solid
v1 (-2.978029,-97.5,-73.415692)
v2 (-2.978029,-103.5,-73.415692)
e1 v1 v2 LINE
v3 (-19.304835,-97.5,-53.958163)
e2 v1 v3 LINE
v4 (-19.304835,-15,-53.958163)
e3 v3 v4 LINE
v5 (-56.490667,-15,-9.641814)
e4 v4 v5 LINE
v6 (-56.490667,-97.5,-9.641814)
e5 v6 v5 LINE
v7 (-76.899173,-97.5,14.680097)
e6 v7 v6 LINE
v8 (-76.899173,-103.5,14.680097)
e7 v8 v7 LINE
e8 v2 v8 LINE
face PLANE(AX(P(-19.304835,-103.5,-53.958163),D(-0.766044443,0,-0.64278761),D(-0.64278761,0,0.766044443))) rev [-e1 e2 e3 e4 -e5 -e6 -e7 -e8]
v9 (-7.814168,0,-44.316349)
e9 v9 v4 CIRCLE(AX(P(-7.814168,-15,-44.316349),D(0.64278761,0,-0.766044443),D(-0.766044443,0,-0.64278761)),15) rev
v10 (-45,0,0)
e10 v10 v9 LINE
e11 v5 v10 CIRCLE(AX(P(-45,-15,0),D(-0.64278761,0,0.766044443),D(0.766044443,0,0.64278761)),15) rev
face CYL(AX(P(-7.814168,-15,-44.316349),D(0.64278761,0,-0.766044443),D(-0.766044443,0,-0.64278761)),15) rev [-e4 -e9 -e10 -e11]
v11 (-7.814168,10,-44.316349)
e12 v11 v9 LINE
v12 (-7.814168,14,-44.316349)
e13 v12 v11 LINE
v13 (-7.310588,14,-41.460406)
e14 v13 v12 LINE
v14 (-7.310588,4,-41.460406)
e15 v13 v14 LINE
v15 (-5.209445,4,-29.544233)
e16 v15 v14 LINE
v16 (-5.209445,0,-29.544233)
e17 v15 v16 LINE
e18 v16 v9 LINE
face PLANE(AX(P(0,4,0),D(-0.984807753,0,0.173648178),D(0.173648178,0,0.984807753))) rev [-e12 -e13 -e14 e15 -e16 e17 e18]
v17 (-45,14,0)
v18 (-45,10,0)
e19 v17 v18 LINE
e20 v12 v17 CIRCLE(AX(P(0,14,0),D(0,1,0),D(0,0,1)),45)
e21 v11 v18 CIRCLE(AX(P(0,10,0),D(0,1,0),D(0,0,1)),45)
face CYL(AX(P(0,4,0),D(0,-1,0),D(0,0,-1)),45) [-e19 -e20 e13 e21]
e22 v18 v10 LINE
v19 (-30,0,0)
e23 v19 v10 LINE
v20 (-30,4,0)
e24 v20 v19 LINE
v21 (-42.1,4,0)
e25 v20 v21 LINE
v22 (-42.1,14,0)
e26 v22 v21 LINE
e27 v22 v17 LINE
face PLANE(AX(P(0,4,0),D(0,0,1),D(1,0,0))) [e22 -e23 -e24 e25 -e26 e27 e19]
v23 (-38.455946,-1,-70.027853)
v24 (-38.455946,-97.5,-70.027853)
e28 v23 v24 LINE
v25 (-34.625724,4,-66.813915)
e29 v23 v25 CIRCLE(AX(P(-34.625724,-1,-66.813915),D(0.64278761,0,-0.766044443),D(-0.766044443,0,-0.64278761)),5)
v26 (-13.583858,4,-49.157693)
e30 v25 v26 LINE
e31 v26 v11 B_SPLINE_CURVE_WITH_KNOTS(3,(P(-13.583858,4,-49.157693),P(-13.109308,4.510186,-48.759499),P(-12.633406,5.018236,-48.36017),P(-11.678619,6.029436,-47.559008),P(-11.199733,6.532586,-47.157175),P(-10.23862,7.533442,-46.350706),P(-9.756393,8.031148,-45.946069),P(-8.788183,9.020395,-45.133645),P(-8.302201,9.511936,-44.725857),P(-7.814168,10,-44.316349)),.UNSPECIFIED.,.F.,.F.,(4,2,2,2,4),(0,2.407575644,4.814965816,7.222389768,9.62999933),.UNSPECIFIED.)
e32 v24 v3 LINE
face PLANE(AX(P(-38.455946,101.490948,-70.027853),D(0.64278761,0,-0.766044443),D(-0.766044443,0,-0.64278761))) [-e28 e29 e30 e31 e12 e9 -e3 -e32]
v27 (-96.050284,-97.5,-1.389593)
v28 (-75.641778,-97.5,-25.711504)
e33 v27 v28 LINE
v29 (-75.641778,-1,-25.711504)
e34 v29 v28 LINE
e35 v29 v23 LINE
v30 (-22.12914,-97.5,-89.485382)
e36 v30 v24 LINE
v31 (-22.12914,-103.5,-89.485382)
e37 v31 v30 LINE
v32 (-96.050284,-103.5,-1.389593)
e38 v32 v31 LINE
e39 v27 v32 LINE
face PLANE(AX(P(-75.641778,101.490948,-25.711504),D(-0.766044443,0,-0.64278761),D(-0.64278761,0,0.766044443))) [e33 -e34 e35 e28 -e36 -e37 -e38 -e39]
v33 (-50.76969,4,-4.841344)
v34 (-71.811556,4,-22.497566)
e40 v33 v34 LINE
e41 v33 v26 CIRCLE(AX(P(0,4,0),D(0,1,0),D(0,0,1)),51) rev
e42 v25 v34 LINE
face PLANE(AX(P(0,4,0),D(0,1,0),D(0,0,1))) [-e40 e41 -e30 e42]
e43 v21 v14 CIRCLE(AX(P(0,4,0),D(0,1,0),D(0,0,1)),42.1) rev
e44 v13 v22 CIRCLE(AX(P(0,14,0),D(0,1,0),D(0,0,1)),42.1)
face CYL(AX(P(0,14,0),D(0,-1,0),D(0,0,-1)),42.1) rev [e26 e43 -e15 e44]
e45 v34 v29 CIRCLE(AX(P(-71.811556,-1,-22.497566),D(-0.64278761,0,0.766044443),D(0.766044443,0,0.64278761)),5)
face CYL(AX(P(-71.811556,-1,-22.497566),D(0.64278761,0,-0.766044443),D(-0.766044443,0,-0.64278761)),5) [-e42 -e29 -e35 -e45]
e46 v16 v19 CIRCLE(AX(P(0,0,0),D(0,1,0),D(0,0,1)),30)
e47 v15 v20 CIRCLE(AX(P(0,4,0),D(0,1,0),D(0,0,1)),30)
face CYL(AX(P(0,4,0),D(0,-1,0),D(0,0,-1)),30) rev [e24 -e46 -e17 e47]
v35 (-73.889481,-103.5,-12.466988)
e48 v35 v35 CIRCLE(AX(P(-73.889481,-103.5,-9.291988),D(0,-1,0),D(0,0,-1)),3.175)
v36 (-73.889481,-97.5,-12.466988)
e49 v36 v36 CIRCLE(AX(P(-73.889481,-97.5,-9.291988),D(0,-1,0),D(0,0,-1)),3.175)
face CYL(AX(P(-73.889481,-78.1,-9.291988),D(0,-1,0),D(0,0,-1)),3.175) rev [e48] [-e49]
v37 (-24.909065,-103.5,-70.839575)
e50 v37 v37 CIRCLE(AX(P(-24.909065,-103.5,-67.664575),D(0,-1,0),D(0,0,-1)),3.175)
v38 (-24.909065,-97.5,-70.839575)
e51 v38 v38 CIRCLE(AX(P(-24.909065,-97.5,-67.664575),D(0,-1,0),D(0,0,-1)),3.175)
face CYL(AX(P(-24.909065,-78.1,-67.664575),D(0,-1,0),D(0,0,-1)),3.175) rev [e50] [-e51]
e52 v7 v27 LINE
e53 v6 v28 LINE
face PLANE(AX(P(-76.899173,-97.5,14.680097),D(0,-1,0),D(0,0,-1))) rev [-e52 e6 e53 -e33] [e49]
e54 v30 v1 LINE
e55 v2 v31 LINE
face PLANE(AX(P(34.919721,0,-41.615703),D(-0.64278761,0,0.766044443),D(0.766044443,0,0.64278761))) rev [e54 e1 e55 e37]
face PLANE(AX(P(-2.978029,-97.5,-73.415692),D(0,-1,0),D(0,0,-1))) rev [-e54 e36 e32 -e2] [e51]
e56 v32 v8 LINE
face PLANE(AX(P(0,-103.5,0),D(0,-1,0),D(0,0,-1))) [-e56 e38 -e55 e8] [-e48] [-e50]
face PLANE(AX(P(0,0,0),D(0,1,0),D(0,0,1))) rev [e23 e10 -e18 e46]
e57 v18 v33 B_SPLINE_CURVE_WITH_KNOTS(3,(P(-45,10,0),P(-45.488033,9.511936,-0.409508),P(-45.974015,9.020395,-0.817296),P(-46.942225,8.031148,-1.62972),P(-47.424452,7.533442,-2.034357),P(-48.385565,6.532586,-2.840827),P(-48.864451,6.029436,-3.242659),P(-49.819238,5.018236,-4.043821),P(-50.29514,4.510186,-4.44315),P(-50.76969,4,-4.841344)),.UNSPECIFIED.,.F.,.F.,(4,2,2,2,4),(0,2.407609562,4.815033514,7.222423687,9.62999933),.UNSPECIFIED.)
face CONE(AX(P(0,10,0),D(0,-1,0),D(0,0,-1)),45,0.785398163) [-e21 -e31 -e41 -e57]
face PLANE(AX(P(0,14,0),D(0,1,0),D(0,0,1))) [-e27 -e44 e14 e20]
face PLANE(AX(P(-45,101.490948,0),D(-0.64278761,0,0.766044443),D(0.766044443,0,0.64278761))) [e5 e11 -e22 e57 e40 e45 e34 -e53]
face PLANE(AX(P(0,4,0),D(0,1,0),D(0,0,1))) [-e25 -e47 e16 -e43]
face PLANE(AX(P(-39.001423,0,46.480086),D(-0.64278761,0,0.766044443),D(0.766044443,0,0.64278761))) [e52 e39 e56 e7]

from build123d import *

# Parameters (mm, degrees)
BOSS_EXTRUDE1_DEPTH = 4
BOSS_EXTRUDE2_DEPTH = 14
BOSS_EXTRUDE3_DEPTH = 4
BOSS_EXTRUDE4_DEPTH = 103.5
FILLET1_R           = 15
FILLET2_R           = 5
CHAMFER1_SIZE       = 6
SKETCH6_W           = 25
SKETCH6_H           = 6
BOSS_EXTRUDE5_DEPTH = 25.4
SKETCH7_W           = 25
SKETCH7_H           = 6
BOSS_EXTRUDE6_DEPTH = 31.75
SKETCH8_R           = 2.5527
CUT_EXTRUDE1_DEPTH  = 25.4
SKETCH9_R           = 3.175
CUT_EXTRUDE2_DEPTH  = 25.4


with BuildPart() as part:
    # Sketch1 → Boss-Extrude1 (new body)
    with BuildSketch(Plane(origin=(0, 0, 0), x_dir=(1, 0, 0), z_dir=(0, 1, 0))):
        with BuildLine():
            Line((-42.1, 0), (-30, 0))
            ThreePointArc((-30, 0), (-22.981333, 19.283628), (-5.209445, 29.544233))
            Line((-5.209445, 29.544233), (-7.310588, 41.460406))
            ThreePointArc((-7.310588, 41.460406), (-32.250471, 27.061358), (-42.1, 0))
        make_face()
        with BuildLine():
            Line((-45, 0), (-42.1, 0))
            ThreePointArc((-42.1, 0), (-32.250471, 27.061358), (-7.310588, 41.460406))
            Line((-7.310588, 41.460406), (-7.814168, 44.316349))
            ThreePointArc((-7.814168, 44.316349), (-34.472, 28.925442), (-45, 0))
        make_face()
    extrude(amount=BOSS_EXTRUDE1_DEPTH)

    # Sketch1<3> → Boss-Extrude2 (add)
    with BuildSketch(Plane(origin=(0, 0, 0), x_dir=(1, 0, 0), z_dir=(0, 1, 0))):
        with BuildLine():
            Line((-45, 0), (-42.1, 0))
            ThreePointArc((-42.1, 0), (-32.250471, 27.061358), (-7.310588, 41.460406))
            Line((-7.310588, 41.460406), (-7.814168, 44.316349))
            ThreePointArc((-7.814168, 44.316349), (-34.472, 28.925442), (-45, 0))
        make_face()
    extrude(amount=BOSS_EXTRUDE2_DEPTH)

    # Sketch3 → Boss-Extrude3 (add)
    with BuildSketch(Plane.XZ):
        Polygon((-7.814168, -44.316349), (-45, 0), (-75.641778, -25.711504), (-38.455946, -70.027853), align=None)
    extrude(amount=-BOSS_EXTRUDE3_DEPTH)

    # Sketch4 → Boss-Extrude4 (add)
    with BuildSketch(Plane.XZ):
        Polygon((-38.455946, -70.027853), (-19.304835, -53.958163), (-56.490667, -9.641814), (-75.641778, -25.711504), align=None)
    extrude(amount=BOSS_EXTRUDE4_DEPTH)

    # Fillet1
    fillet1_edges = [part.edges().sort_by_distance(p)[0] for p in [
        (-37.897751, 0, -31.799989),
    ]]
    fillet(fillet1_edges, radius=FILLET1_R)

    # Fillet2
    fillet2_edges = [part.edges().sort_by_distance(p)[0] for p in [
        (-57.048862, 4, -47.869679),
    ]]
    fillet(fillet2_edges, radius=FILLET2_R)

    # Chamfer1
    chamfer1_edges = [part.edges().sort_by_distance(p)[0] for p in [
        (-34.472, 4, -28.925442),
    ]]
    chamfer(chamfer1_edges, length=CHAMFER1_SIZE)

    # Sketch6 → Boss-Extrude5 (add)
    with BuildSketch(Plane(origin=(18.592916, 0, -22.158174), x_dir=(-0.7660444431189766, 0, -0.6427876096865413), z_dir=(0.6427876096865411, 0, -0.7660444431189765))):
        with Locations((61.972, -100.5)):
            Rectangle(SKETCH6_W, SKETCH6_H)
    extrude(amount=BOSS_EXTRUDE5_DEPTH)

    # Sketch7 → Boss-Extrude6 (add)
    with BuildSketch(Plane(origin=(-18.592916, 0, 22.158174), x_dir=(0.7660444431189769, 0, 0.6427876096865406), z_dir=(-0.6427876096865406, 0, 0.7660444431189769))):
        with Locations((-61.972, -100.5)):
            Rectangle(SKETCH7_W, SKETCH7_H)
    extrude(amount=BOSS_EXTRUDE6_DEPTH)

    # Sketch8 → Cut-Extrude1 (cut)
    with BuildSketch(Plane(origin=(0, -97.5, 0), x_dir=(1, 0, 0), z_dir=(0, 1, 0))):
        with Locations(Location((-73.889481, 9.291988, 0), (0, 0, 270))):
            Circle(SKETCH8_R)
        with Locations(Location((-24.909065, 67.664575, 0), (0, 0, 270))):
            Circle(SKETCH8_R)
    extrude(amount=-CUT_EXTRUDE1_DEPTH, mode=Mode.SUBTRACT)

    # Sketch9 → Cut-Extrude2 (cut)
    with BuildSketch(Plane.XZ.offset(103.5)):
        with Locations(Location((-73.889481, -9.291988, 0), (0, 0, 270))):
            Circle(SKETCH9_R)
        with Locations(Location((-24.909065, -67.664575, 0), (0, 0, 270))):
            Circle(SKETCH9_R)
    extrude(amount=-CUT_EXTRUDE2_DEPTH, mode=Mode.SUBTRACT)


solid = part.part
